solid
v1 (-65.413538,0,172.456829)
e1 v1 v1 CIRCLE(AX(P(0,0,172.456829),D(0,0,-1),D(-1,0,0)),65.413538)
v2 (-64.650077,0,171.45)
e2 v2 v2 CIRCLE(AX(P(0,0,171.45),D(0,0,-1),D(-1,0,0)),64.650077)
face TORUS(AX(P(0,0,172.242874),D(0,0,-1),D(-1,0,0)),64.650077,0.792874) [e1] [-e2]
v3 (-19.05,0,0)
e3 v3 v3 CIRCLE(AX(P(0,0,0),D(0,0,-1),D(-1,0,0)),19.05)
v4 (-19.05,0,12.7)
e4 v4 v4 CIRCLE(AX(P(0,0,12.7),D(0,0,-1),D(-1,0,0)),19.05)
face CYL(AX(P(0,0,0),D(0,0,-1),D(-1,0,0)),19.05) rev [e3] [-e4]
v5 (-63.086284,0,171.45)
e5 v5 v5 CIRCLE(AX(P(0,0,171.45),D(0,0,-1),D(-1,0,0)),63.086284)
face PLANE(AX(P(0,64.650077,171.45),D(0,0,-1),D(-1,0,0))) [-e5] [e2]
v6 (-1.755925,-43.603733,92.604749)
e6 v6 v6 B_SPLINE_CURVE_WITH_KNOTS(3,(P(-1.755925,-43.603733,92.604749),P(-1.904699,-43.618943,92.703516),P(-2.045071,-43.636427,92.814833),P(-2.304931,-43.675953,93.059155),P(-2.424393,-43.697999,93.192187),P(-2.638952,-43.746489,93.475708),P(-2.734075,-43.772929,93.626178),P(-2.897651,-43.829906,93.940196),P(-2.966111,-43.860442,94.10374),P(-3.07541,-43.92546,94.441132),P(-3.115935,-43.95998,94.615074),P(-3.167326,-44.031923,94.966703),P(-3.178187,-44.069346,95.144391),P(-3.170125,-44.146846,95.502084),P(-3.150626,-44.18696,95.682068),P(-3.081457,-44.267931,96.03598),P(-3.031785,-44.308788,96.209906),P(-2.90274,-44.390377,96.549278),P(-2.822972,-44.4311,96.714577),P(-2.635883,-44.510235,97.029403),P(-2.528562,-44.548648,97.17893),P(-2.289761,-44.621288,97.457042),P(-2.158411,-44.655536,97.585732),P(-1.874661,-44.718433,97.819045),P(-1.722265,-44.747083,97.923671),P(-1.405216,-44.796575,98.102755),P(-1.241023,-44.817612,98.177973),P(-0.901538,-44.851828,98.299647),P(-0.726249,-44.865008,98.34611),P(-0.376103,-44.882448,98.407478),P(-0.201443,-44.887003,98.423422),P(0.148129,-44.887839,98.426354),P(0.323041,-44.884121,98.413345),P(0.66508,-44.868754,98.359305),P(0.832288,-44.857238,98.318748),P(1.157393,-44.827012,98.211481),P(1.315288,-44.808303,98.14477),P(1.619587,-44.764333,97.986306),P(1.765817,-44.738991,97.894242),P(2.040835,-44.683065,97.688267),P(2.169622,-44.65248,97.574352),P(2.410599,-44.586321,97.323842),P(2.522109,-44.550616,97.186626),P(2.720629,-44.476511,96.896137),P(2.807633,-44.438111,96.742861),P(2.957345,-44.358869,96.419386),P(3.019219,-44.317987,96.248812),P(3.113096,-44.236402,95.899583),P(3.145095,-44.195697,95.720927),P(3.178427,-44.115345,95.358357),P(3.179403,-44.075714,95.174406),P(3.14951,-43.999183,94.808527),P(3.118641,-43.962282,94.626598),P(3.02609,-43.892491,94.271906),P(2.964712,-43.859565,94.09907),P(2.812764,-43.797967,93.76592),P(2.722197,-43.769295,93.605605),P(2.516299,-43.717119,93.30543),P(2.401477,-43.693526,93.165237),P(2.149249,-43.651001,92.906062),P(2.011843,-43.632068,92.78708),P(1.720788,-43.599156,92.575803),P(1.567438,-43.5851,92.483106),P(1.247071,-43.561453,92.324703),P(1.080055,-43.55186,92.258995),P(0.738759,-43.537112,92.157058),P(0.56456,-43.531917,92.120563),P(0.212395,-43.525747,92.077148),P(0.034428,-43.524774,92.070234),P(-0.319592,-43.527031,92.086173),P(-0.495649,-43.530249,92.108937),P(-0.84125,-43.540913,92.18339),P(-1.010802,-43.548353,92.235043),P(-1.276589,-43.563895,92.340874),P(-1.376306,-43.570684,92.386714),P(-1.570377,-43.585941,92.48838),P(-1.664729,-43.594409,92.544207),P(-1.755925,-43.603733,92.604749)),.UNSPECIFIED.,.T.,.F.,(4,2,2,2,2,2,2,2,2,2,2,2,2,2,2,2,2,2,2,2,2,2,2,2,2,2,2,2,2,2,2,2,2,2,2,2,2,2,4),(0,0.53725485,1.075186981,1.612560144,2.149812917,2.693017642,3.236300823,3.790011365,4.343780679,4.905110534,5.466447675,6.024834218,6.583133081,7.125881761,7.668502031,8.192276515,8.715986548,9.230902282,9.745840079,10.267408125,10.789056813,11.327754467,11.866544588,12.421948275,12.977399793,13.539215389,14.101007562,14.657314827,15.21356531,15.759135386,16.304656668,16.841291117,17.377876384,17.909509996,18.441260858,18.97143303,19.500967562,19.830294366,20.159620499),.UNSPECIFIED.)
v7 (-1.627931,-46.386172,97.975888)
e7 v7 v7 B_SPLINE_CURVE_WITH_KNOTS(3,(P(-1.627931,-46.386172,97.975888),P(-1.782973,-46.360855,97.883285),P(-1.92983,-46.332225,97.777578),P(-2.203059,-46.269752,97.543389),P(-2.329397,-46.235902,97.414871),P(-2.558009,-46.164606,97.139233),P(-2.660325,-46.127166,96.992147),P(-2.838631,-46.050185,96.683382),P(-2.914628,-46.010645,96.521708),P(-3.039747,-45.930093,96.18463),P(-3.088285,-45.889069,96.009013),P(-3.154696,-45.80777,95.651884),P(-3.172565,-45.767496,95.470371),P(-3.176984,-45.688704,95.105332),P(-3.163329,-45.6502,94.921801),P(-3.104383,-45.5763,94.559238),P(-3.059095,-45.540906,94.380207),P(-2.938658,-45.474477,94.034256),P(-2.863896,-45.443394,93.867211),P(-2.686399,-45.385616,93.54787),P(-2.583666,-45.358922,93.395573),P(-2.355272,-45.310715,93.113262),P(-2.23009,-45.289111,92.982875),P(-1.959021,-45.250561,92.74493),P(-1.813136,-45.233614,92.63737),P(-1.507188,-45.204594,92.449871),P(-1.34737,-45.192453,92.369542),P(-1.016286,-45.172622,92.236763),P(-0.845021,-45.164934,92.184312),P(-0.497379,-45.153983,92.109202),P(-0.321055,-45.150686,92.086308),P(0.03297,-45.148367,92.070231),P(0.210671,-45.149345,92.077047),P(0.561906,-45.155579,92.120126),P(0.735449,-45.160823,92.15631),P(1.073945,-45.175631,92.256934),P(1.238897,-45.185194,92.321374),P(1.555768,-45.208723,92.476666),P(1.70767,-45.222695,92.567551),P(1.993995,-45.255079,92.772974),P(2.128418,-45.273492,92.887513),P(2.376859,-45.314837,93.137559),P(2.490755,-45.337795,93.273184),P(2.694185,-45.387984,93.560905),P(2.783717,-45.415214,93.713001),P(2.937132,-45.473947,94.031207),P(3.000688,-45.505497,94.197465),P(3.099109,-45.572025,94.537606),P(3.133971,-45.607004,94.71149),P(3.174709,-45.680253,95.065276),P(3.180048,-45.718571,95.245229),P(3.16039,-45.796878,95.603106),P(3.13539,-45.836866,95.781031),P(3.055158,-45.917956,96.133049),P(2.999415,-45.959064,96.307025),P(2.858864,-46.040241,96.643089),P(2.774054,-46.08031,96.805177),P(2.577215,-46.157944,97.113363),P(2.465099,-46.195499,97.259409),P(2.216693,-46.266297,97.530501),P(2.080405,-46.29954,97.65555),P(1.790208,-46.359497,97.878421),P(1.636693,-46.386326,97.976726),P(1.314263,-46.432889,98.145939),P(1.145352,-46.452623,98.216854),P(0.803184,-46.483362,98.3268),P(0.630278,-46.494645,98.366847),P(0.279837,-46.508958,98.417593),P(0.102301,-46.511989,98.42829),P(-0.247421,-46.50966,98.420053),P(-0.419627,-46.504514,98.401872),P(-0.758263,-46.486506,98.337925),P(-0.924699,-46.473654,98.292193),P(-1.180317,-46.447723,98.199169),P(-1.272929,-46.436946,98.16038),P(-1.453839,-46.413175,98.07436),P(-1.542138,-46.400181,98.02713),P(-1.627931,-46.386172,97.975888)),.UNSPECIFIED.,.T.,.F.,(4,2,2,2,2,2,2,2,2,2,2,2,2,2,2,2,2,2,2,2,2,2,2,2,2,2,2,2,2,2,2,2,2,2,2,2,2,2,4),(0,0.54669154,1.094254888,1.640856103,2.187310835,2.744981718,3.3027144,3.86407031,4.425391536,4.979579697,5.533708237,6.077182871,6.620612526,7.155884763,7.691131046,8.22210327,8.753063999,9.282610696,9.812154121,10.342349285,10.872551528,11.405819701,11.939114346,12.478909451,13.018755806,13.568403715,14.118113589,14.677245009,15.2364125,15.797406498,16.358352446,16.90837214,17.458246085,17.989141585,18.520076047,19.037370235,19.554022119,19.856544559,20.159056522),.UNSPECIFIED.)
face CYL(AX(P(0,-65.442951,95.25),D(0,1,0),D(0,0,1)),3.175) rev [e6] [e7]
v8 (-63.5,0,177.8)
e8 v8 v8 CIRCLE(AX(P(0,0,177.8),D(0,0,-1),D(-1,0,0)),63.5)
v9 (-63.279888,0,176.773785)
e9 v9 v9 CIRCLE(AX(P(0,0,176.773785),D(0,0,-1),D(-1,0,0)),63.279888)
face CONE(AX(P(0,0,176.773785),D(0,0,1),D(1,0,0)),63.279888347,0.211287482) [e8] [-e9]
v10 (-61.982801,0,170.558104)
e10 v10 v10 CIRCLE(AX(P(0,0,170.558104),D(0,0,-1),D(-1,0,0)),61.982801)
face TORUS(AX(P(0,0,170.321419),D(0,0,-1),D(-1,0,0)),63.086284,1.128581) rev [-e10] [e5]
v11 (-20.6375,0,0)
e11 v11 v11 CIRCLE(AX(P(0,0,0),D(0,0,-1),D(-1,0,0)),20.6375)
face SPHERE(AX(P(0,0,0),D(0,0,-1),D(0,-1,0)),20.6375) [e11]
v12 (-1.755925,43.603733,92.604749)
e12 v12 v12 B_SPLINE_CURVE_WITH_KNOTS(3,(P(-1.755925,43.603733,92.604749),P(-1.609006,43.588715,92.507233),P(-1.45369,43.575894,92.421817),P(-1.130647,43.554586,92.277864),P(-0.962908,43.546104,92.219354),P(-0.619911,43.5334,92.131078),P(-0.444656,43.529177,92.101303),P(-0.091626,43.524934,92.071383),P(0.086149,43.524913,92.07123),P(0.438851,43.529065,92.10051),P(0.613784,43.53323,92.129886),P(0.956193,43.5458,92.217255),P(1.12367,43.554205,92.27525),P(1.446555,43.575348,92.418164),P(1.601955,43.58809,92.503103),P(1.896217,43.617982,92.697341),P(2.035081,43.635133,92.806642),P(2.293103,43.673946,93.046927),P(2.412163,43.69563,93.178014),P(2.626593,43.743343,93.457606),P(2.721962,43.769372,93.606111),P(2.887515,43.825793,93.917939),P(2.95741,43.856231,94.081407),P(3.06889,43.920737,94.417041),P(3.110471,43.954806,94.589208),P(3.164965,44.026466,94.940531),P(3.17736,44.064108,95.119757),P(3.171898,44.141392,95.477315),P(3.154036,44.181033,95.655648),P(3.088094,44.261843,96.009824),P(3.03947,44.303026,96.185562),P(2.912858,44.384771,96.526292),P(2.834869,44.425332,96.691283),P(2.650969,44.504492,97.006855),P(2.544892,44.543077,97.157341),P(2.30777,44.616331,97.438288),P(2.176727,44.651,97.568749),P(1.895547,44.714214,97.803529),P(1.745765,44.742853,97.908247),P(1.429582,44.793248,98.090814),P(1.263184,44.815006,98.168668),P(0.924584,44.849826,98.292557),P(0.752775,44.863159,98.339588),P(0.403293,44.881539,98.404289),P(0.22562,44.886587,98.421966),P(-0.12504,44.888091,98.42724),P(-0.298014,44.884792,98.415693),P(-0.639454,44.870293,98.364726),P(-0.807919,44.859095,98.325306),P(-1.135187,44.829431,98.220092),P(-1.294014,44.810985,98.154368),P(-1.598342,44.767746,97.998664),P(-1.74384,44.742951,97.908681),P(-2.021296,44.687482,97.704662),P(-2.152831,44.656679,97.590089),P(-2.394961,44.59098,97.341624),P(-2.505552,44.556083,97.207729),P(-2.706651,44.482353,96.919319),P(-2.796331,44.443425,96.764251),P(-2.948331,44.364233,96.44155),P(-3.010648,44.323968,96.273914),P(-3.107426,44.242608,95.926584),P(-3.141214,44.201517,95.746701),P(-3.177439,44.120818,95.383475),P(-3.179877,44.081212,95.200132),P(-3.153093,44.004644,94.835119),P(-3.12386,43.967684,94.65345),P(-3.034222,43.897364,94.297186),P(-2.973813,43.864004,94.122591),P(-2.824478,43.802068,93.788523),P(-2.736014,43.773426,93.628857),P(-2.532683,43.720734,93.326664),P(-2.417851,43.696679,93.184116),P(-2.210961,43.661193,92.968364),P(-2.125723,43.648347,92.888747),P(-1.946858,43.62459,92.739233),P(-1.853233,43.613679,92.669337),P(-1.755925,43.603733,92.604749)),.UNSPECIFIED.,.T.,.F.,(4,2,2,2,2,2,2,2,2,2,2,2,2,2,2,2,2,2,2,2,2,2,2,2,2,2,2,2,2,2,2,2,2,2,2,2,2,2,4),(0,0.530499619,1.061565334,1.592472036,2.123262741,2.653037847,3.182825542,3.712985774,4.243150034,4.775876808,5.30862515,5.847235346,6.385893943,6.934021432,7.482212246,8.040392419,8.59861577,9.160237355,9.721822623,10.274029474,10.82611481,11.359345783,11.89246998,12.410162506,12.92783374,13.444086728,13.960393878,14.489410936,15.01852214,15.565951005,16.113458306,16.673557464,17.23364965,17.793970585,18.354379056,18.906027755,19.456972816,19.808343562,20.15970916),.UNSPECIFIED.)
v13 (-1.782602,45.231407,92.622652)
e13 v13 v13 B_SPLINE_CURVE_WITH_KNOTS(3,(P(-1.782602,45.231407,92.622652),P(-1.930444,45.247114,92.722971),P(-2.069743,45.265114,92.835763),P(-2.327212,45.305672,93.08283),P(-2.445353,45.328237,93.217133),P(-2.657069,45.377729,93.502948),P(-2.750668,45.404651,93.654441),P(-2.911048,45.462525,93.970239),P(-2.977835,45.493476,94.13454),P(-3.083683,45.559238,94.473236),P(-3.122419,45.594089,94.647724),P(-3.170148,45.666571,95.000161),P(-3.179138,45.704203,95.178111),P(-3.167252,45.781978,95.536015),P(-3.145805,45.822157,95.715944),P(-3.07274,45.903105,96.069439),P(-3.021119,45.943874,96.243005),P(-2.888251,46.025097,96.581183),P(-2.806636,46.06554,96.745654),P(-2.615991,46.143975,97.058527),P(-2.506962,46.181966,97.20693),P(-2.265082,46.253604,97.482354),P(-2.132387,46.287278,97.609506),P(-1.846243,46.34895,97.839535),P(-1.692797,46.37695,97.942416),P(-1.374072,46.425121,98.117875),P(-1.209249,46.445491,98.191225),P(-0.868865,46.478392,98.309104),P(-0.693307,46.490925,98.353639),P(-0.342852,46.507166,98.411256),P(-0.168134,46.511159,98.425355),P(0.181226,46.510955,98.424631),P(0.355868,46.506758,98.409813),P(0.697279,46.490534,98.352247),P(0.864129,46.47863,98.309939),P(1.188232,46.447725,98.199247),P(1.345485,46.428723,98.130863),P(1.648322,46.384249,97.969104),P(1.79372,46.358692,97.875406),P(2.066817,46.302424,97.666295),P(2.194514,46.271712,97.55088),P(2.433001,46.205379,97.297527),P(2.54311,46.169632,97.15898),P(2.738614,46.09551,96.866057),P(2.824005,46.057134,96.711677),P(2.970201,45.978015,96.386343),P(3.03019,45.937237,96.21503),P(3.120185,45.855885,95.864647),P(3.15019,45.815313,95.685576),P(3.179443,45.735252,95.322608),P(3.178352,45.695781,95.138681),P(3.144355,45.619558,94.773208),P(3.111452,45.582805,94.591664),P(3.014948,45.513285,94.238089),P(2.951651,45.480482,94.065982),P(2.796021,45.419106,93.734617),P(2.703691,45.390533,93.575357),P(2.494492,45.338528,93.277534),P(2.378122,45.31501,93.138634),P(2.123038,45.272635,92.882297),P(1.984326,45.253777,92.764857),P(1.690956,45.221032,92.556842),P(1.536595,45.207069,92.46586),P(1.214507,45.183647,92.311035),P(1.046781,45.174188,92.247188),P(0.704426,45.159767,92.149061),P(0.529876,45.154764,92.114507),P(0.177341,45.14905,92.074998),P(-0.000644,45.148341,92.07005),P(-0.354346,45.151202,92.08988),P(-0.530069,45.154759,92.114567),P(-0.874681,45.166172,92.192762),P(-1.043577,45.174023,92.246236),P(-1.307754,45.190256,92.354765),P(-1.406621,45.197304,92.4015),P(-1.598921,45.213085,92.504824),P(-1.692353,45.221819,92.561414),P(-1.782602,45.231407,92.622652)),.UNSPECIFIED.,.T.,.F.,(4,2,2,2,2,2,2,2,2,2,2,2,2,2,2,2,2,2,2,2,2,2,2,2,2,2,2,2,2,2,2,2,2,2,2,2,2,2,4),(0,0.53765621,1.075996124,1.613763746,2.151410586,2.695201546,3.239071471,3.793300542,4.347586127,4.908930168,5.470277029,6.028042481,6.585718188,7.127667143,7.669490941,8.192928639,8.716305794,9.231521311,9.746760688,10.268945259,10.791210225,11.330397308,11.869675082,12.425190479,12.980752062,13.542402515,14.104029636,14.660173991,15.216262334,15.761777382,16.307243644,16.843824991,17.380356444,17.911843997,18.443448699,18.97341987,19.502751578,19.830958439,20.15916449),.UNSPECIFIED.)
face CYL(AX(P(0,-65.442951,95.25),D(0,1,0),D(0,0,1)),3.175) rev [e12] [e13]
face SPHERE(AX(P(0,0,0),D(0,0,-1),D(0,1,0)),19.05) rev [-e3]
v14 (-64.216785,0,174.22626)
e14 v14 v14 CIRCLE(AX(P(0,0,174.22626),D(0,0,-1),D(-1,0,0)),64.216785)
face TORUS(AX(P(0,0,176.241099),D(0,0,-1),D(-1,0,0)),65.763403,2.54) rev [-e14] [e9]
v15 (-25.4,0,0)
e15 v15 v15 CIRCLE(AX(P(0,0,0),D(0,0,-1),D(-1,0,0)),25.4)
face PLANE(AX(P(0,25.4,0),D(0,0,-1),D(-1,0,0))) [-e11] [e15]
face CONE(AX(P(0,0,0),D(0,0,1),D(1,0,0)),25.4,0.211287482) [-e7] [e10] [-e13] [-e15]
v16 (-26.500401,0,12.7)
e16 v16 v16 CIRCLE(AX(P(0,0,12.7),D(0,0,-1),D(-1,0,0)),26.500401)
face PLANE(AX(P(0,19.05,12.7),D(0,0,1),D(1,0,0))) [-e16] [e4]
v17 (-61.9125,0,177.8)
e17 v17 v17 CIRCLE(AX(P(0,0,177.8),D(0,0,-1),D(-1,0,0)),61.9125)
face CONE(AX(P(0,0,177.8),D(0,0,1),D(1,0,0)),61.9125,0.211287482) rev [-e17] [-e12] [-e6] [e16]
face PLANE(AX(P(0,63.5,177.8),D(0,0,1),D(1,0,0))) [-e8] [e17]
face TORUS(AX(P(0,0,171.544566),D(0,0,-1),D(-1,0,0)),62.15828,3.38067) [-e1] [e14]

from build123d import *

# Parameters (mm, degrees)
CUT_EXTRUDE1_DEPTH      = 201.445503114
CUT_EXTRUDE1_DEPTH_BACK = 201.445503114
SKETCH2_R               = 3.175


with BuildPart() as part:
    # Sketch1 → Revolve1 (revolve)
    with BuildSketch(Plane(origin=(0, 0, 0), x_dir=(0, 0, -1), z_dir=(1, 0, 0)), mode=Mode.PRIVATE) as revolve1_sk:
        with BuildLine():
            Line((-170.558103969, 61.982800726), (0, 25.4))
            Line((0, 25.4), (0, 20.6375))
            ThreePointArc((0, 20.6375), (14.592916197, 14.592916197), (20.6375, 0))
            Line((20.6375, 0), (19.05, 0))
            ThreePointArc((19.05, 0), (13.470384182, 13.470384182), (0, 19.05))
            Line((0, 19.05), (-12.7, 19.05))
            Line((-12.7, 19.05), (-12.7, 26.500401371))
            Line((-12.7, 26.500401371), (-177.8, 61.9125))
            Line((-177.8, 61.9125), (-177.8, 63.5))
            Line((-177.8, 63.5), (-176.773784801, 63.279888347))
            ThreePointArc((-176.773784801, 63.279888347), (-175.364378816, 63.379506676), (-174.226260414, 64.21678533))
            ThreePointArc((-174.226260414, 64.21678533), (-173.438552848, 64.958591119), (-172.456828691, 65.413538059))
            ThreePointArc((-172.456828691, 65.413538059), (-171.763807138, 65.28185552), (-171.45, 64.650076885))
            Line((-171.45, 64.650076885), (-171.45, 63.086283803))
            ThreePointArc((-171.45, 63.086283803), (-171.199147092, 62.376855612), (-170.558103969, 61.982800726))
        make_face()
    revolve(revolve1_sk.sketch.rotate(Axis((0, 0, 0), (0, 0, 1)), 90), axis=Axis((0, 0, 0), (0, 0, 1)))

    # Sketch2 → Cut-Extrude1 (cut, two sides: drawn at the far end of the back side and taken through both)
    with BuildSketch(Plane(origin=(0, 0, 0), x_dir=(1, 0, 0), z_dir=(0, 1, 0)).offset(-CUT_EXTRUDE1_DEPTH_BACK)):
        with Locations(Location((0, -95.25, 0), (0, 0, 124.156091497))):
            Circle(SKETCH2_R)
    extrude(amount=CUT_EXTRUDE1_DEPTH + CUT_EXTRUDE1_DEPTH_BACK, mode=Mode.SUBTRACT)


solid = part.part
